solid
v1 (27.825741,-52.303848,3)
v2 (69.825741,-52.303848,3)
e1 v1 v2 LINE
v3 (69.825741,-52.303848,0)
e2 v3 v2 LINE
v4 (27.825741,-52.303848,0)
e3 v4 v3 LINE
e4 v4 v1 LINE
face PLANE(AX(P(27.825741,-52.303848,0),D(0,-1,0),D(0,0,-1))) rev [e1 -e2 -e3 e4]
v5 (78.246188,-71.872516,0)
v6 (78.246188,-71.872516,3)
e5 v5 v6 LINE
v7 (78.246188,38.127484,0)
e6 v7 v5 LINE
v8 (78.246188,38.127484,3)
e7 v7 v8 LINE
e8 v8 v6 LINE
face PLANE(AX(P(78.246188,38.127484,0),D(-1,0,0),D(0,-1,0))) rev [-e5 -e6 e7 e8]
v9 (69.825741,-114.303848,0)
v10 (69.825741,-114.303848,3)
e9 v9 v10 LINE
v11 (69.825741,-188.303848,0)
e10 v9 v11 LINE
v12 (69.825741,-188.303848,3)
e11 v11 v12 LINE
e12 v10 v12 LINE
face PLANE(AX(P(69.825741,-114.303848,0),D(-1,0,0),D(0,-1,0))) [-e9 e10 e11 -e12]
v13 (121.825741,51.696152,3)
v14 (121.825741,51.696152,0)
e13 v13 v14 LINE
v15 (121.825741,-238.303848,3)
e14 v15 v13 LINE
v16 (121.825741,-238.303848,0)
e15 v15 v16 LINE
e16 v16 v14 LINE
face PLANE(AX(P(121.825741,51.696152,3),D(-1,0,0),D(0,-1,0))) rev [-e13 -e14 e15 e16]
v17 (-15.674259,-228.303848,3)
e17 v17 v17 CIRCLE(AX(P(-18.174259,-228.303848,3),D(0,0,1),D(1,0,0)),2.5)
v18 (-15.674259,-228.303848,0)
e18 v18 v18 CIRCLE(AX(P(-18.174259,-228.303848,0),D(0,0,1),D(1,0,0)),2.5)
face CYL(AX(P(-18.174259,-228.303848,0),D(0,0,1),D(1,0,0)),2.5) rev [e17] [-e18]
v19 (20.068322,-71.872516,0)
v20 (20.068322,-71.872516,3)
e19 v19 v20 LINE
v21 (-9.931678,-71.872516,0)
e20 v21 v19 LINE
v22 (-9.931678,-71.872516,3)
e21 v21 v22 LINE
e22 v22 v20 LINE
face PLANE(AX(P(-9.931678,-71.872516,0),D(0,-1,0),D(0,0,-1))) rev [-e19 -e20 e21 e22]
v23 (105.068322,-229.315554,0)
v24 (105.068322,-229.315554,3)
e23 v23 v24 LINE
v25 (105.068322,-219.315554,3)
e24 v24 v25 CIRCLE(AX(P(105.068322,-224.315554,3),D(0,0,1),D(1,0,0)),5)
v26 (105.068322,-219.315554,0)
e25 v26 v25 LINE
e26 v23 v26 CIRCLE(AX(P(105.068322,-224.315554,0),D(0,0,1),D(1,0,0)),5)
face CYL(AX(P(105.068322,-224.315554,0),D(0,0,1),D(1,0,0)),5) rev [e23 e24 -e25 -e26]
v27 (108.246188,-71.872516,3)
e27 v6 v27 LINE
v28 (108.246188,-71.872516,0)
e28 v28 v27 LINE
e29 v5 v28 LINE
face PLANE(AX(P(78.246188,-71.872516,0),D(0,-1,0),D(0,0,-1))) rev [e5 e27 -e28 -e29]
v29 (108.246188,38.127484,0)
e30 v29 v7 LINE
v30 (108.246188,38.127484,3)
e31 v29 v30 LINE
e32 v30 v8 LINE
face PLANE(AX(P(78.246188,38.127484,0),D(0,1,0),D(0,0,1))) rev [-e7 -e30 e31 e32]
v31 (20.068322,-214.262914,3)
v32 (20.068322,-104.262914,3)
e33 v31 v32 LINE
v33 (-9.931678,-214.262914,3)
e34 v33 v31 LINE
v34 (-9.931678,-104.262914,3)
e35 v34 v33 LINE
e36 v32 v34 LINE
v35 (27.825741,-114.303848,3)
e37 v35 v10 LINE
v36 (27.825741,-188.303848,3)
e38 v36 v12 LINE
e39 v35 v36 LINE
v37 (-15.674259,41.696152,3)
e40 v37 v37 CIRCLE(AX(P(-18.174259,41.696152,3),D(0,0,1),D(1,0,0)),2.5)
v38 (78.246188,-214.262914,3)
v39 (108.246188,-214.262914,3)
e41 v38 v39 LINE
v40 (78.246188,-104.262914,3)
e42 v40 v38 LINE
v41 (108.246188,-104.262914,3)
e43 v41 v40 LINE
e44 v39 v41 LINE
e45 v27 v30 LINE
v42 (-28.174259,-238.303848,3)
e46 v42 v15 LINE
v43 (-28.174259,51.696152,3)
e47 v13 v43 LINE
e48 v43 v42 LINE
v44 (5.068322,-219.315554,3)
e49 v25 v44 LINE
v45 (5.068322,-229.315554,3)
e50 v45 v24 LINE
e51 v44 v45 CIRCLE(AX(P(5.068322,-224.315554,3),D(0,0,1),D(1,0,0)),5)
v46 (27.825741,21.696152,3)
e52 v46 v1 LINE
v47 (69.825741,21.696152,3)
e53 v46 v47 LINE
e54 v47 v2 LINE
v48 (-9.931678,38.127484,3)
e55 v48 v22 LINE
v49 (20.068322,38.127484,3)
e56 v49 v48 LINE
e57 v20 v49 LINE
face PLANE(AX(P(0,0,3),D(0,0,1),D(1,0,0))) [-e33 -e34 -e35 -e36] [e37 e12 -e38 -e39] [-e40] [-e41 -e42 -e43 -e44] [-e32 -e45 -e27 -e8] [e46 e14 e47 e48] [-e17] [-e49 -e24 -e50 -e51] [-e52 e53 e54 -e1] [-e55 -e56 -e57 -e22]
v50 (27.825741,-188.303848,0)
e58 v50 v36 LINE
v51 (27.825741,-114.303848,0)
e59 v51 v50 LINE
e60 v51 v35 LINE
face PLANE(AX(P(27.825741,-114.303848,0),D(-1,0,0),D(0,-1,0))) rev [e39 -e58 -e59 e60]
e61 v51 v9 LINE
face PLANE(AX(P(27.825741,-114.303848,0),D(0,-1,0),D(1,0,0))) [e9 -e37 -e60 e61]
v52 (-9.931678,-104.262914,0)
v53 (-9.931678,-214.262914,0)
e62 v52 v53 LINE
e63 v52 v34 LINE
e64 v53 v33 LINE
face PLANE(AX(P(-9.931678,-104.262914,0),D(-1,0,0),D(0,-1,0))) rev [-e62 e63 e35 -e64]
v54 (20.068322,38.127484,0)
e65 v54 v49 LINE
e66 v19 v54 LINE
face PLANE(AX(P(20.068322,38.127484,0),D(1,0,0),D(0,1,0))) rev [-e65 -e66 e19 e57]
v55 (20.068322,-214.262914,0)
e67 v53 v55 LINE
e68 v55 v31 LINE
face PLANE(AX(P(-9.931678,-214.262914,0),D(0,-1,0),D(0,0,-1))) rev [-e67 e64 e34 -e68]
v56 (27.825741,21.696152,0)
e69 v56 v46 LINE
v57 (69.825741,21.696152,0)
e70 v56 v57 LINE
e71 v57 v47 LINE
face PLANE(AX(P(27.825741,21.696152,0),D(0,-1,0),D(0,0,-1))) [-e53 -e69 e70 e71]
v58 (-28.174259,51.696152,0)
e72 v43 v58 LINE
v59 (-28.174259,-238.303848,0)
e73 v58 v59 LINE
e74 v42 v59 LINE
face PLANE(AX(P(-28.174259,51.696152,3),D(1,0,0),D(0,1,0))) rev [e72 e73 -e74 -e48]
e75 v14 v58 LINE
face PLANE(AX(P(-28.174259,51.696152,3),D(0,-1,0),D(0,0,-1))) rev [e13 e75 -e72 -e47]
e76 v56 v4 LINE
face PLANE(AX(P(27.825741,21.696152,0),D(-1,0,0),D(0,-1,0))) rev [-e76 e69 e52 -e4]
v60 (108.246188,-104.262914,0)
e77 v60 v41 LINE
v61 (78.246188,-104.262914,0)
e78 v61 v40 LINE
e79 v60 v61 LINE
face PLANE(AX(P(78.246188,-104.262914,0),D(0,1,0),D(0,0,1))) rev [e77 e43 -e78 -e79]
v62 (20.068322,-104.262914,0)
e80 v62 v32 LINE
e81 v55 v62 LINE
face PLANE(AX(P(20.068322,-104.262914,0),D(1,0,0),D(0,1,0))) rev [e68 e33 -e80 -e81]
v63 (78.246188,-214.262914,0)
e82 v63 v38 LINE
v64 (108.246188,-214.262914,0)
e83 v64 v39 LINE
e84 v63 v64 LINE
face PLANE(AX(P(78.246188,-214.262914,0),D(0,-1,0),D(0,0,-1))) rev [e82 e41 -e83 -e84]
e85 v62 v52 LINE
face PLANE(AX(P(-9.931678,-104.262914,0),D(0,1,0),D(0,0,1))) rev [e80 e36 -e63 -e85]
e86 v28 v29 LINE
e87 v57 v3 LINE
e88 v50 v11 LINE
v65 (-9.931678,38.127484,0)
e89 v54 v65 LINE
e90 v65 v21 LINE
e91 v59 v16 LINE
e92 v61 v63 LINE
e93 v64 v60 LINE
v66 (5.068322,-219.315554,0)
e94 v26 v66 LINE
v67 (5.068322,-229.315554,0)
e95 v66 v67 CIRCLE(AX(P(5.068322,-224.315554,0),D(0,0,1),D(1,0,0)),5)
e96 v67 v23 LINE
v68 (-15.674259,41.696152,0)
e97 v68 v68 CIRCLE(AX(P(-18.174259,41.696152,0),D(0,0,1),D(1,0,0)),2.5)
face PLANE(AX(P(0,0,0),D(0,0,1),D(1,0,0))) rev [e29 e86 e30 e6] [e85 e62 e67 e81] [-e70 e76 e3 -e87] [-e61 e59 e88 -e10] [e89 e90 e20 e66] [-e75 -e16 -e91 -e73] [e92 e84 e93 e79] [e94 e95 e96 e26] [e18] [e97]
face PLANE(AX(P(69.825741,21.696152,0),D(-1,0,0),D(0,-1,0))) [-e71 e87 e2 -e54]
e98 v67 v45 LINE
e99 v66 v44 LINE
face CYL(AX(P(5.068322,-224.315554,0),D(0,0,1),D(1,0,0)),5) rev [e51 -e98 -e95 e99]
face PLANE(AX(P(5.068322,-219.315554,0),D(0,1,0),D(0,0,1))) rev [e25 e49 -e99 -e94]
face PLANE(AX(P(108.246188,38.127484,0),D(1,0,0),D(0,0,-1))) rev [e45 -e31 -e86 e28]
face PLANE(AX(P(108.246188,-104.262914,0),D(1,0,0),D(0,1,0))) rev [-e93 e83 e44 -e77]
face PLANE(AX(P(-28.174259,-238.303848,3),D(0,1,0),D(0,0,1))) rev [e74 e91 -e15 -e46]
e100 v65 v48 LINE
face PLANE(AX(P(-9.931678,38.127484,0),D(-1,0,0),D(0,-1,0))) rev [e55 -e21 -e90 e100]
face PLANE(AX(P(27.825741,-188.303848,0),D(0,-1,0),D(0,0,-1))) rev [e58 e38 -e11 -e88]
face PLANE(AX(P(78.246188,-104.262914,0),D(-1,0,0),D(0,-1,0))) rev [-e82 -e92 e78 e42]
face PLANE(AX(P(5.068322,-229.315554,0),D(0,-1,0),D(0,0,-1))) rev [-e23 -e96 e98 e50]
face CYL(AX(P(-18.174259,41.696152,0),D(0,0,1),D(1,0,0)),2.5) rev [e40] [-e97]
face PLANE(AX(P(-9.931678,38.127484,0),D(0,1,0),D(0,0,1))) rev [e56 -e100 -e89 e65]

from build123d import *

# Parameters (mm, degrees)
SKETCH_2_W          = 150
SKETCH_2_H          = 290
EXTRUDE_1_DEPTH     = 3
SKETCH_3_W          = 42
SKETCH_3_H          = 74
CUT_EXTRUDE_1_DEPTH = 3
SKETCH_4_R          = 2.5
CUT_EXTRUDE_2_DEPTH = 3
SKETCH_5_W          = 30
SKETCH_5_H          = 110
CUT_EXTRUDE_3_DEPTH = 3
CUT_EXTRUDE_4_DEPTH = 3


with BuildPart() as part:
    # 草图2 → 凸台-拉伸1 (new body)
    with BuildSketch(Plane.XY):
        with Locations((46.825741224, -93.303848435)):
            Rectangle(SKETCH_2_W, SKETCH_2_H)
    extrude(amount=EXTRUDE_1_DEPTH)

    # 草图3 → 切除-拉伸1 (cut)
    with BuildSketch(Plane.XY.offset(3)):
        with Locations((48.825741224, -15.303848435)):
            Rectangle(SKETCH_3_W, SKETCH_3_H)
        with Locations((48.825741224, -151.303848435)):
            Rectangle(SKETCH_3_W, SKETCH_3_H)
    extrude(amount=-CUT_EXTRUDE_1_DEPTH, mode=Mode.SUBTRACT)

    # 草图4 → 切除-拉伸2 (cut)
    with BuildSketch(Plane.XY.offset(3)):
        with Locations((-18.174258776, 41.696151565)):
            Circle(SKETCH_4_R)
        with Locations((-18.174258776, -228.303848435)):
            Circle(SKETCH_4_R)
    extrude(amount=-CUT_EXTRUDE_2_DEPTH, mode=Mode.SUBTRACT)

    # 草图5 → 切除-拉伸3 (cut)
    with BuildSketch(Plane.XY.offset(3)):
        with Locations((5.068322333, -16.872516049)):
            Rectangle(SKETCH_5_W, SKETCH_5_H)
        with Locations((93.246188271, -16.872516049)):
            Rectangle(SKETCH_5_W, SKETCH_5_H)
        with Locations((5.068322333, -159.262913685)):
            Rectangle(SKETCH_5_W, SKETCH_5_H)
        with Locations((93.246188271, -159.262913685)):
            Rectangle(SKETCH_5_W, SKETCH_5_H)
    extrude(amount=-CUT_EXTRUDE_3_DEPTH, mode=Mode.SUBTRACT)

    # 草图6 → 切除-拉伸4 (cut)
    with BuildSketch(Plane.XY.offset(3)):
        with BuildLine():
            Line((5.068322333, -219.315553818), (105.068322333, -219.315553818))
            ThreePointArc((105.068322333, -219.315553818), (110.068322333, -224.315553818), (105.068322333, -229.315553818))
            Line((105.068322333, -229.315553818), (5.068322333, -229.315553818))
            ThreePointArc((5.068322333, -229.315553818), (0.068322333, -224.315553818), (5.068322333, -219.315553818))
        make_face()
    extrude(amount=-CUT_EXTRUDE_4_DEPTH, mode=Mode.SUBTRACT)


solid = part.part
